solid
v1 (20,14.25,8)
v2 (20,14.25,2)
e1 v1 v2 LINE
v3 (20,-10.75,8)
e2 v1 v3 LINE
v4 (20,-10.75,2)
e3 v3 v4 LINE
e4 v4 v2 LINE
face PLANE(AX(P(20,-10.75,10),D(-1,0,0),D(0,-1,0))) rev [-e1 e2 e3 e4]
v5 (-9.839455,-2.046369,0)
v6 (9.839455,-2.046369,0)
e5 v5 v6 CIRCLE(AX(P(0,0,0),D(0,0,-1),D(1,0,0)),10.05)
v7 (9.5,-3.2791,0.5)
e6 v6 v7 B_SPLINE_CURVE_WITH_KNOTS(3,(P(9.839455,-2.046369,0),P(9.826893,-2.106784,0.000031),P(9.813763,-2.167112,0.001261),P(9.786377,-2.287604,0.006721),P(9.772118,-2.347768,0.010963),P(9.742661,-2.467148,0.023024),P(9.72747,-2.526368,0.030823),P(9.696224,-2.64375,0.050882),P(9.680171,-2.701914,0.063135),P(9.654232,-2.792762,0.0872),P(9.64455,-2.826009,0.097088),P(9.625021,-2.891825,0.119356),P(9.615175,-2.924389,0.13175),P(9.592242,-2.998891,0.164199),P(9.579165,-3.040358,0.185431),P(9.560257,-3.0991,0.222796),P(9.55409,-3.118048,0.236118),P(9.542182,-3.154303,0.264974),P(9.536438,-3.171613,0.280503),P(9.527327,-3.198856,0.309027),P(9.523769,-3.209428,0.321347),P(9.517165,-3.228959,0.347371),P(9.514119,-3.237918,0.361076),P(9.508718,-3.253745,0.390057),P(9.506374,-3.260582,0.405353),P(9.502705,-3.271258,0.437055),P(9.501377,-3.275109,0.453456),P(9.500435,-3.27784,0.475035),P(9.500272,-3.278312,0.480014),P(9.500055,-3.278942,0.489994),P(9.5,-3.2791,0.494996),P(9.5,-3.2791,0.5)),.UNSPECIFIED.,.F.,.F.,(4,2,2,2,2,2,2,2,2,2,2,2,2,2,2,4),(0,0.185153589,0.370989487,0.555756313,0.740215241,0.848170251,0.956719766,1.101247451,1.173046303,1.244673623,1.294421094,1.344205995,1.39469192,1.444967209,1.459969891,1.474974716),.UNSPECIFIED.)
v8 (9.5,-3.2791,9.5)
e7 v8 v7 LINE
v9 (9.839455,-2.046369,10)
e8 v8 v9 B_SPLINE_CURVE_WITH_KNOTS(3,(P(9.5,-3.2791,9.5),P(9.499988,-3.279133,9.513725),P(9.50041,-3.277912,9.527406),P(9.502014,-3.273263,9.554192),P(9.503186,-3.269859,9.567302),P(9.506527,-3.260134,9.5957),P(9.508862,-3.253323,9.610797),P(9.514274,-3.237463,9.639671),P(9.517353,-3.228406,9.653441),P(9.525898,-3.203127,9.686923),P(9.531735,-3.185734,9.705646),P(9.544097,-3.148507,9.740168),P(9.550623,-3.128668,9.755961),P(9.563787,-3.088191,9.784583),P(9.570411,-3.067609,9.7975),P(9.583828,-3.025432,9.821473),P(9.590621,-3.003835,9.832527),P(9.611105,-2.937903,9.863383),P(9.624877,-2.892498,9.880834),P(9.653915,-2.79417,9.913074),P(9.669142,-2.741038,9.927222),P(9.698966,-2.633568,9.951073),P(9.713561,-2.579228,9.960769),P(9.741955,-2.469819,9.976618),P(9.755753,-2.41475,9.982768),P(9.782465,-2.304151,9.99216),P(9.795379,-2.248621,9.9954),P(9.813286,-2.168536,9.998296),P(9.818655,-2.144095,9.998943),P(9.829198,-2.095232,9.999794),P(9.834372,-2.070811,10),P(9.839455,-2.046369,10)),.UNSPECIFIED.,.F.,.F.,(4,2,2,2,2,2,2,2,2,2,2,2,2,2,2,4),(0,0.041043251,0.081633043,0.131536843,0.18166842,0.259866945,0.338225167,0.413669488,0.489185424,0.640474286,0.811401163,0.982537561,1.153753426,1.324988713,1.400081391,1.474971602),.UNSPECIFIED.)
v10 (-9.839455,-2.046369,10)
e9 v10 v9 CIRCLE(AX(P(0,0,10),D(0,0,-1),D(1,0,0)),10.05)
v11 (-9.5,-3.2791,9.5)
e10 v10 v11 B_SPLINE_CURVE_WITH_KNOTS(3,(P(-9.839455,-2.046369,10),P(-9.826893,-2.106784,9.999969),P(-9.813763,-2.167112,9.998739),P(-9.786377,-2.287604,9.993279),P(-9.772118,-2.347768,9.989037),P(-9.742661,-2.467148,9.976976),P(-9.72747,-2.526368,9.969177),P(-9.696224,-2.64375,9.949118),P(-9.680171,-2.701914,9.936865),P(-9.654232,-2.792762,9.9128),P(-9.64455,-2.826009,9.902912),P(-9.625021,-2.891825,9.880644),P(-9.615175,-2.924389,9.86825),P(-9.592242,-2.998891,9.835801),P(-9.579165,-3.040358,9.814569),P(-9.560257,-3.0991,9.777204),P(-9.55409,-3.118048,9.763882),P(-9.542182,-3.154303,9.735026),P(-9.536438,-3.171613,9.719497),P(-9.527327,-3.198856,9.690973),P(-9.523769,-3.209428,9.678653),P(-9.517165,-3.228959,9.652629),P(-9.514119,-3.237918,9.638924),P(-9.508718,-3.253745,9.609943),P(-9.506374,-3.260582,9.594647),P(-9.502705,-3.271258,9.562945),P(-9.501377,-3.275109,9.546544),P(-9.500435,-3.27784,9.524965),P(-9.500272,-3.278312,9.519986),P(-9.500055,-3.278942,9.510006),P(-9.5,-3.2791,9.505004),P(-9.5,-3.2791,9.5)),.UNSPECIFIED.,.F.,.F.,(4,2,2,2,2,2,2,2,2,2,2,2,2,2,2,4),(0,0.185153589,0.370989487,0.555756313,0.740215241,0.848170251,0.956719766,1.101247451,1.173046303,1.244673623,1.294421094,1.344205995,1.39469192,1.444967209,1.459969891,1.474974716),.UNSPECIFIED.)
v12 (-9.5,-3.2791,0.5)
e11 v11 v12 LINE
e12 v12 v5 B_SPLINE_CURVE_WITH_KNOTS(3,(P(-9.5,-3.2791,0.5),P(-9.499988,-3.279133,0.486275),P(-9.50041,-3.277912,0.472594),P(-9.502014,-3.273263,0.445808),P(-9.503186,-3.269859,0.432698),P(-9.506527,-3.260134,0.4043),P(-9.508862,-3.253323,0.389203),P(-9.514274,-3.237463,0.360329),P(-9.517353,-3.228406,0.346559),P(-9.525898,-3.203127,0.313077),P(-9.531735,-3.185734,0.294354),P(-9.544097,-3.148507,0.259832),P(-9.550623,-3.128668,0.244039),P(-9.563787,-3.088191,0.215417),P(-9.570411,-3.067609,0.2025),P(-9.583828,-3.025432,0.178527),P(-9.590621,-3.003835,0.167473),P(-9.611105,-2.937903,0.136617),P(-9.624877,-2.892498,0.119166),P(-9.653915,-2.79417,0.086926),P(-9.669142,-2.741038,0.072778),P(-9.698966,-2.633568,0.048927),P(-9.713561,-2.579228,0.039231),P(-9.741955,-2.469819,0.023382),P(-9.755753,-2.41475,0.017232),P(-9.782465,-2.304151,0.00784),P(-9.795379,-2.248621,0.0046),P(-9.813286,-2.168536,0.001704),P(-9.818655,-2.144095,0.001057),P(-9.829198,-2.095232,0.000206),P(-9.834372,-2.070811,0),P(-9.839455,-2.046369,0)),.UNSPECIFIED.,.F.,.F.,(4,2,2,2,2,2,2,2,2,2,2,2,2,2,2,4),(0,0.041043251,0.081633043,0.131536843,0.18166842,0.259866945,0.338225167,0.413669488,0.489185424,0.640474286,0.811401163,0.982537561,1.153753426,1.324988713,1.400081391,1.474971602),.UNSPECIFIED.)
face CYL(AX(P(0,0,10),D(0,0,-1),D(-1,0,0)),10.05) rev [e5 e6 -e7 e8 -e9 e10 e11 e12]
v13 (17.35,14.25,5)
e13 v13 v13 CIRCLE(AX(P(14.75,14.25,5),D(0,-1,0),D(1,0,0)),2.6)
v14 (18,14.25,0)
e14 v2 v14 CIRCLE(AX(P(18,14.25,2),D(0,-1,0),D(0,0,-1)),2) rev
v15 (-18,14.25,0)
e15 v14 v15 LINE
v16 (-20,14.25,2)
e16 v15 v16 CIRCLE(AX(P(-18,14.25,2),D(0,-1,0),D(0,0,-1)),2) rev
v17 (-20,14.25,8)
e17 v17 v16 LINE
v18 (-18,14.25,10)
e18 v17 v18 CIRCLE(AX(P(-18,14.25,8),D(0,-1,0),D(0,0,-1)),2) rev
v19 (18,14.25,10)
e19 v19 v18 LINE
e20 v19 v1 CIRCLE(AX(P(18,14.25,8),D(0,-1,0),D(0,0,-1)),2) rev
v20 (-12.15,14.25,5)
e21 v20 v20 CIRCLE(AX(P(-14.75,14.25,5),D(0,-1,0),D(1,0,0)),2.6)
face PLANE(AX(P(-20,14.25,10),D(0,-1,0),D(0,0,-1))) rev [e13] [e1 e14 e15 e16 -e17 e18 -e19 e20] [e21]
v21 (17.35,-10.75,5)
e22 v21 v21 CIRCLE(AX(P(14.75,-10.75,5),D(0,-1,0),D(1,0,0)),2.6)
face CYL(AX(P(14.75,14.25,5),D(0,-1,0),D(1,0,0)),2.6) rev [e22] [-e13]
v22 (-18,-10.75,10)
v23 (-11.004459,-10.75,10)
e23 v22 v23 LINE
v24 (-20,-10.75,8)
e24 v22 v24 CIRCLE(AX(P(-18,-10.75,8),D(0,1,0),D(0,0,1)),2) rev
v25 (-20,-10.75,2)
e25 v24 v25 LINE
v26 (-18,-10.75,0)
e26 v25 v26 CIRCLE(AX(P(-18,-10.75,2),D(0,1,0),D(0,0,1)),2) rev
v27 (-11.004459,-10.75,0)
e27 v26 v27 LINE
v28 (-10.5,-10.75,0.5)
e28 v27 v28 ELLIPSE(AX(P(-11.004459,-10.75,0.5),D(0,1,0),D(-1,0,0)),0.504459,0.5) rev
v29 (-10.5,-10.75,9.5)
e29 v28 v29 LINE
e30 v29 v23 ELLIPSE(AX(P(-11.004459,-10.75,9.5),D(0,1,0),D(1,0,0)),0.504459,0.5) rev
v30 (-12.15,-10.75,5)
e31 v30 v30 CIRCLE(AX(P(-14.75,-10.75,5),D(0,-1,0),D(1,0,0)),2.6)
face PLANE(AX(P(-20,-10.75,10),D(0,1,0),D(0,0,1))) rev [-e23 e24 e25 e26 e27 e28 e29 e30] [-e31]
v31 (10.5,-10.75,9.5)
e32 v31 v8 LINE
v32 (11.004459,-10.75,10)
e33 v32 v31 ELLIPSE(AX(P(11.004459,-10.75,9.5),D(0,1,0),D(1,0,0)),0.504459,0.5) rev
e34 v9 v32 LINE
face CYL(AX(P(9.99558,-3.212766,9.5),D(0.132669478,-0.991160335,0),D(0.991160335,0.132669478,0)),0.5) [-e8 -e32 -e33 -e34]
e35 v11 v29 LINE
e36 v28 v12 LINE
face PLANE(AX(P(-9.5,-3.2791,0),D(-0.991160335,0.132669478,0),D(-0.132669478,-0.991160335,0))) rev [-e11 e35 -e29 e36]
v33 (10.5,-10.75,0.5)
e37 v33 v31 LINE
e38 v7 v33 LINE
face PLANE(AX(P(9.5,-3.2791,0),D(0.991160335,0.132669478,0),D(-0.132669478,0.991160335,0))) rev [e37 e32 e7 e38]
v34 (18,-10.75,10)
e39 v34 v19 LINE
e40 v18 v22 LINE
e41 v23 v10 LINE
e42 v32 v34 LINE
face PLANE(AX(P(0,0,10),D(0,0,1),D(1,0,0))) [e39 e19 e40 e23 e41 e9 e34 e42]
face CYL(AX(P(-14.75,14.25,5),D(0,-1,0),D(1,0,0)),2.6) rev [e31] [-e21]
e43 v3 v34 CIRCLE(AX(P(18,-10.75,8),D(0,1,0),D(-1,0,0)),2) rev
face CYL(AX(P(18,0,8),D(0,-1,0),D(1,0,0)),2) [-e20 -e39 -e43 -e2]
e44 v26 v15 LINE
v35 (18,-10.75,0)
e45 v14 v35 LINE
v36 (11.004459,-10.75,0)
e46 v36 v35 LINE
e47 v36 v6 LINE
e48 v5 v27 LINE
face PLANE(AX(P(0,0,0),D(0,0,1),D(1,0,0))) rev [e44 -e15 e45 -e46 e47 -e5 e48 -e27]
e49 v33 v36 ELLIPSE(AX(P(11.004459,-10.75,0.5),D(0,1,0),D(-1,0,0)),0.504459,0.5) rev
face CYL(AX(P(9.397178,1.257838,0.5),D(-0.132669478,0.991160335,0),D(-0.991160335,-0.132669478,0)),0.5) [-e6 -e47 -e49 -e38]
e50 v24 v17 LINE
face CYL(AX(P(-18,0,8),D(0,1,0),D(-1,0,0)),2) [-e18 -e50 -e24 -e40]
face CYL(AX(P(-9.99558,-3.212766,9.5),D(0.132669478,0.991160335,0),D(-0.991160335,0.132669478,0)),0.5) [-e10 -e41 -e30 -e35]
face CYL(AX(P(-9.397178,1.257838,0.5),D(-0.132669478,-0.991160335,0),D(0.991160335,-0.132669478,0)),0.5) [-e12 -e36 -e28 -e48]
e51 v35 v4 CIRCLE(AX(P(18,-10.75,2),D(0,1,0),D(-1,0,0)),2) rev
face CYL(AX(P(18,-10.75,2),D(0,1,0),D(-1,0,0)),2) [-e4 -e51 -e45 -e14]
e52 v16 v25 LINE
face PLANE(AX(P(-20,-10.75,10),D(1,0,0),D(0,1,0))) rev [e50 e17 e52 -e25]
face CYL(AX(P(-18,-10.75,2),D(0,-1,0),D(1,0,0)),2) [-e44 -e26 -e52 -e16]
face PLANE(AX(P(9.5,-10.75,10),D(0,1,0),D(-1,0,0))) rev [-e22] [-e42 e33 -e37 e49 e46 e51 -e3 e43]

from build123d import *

# Parameters (mm, degrees)
BOSS_EXTRUDE2_DEPTH = 10
SKETCH3_R           = 2.6
CUT_EXTRUDE1_DEPTH  = 34.541019662
FILLET1_R           = 2
CUT_EXTRUDE2_DEPTH  = 27.515325757
FILLET2_R           = 0.5


with BuildPart() as part:
    # Sketch2 → Boss-Extrude2 (new body)
    with BuildSketch(Plane.XY):
        with BuildLine():
            Line((9.5, -10.75), (9.5, -3.279100486))
            ThreePointArc((9.5, -3.279100486), (0, 10.05), (-9.5, -3.279100486))
            Line((-9.5, -3.279100486), (-9.5, -10.75))
            Line((-9.5, -10.75), (-20, -10.75))
            Line((-20, -10.75), (-20, 14.25))
            Line((-20, 14.25), (20, 14.25))
            Line((20, 14.25), (20, -10.75))
            Line((20, -10.75), (9.5, -10.75))
        make_face()
    extrude(amount=BOSS_EXTRUDE2_DEPTH)

    # Sketch3 → Cut-Extrude1 (cut, through all)
    with BuildSketch(Plane.XZ.offset(10.75)):
        with Locations((-14.75, 5)):
            Circle(SKETCH3_R)
        with Locations((14.75, 5)):
            Circle(SKETCH3_R)
    extrude(amount=-CUT_EXTRUDE1_DEPTH, mode=Mode.SUBTRACT)

    # Fillet1
    fillet1_edges = [part.edges().sort_by_distance(p)[0] for p in [
        (20, 1.75, 10),
        (-20, 1.75, 10),
        (-20, 1.75, 0),
        (20, 1.75, 0),
    ]]
    fillet(fillet1_edges, radius=FILLET1_R)

    # Sketch4 → Cut-Extrude2 (cut, through all)
    with BuildSketch(Plane.XY.offset(10)):
        Polygon((-9.5, -10.75), (-9.5, -3.279100486), (-10.5, -10.75), align=None)
        Polygon((9.5, -10.75), (9.5, -3.279100486), (10.5, -10.75), align=None)
    extrude(amount=-CUT_EXTRUDE2_DEPTH, mode=Mode.SUBTRACT)

    # Fillet2
    fillet2_edges = [part.edges().sort_by_distance(p)[0] for p in [
        (-10, -7.014550243, 0),
        (-10, -7.014550243, 10),
        (10, -7.014550243, 0),
        (10, -7.014550243, 10),
    ]]
    fillet(fillet2_edges, radius=FILLET2_R)


solid = part.part
